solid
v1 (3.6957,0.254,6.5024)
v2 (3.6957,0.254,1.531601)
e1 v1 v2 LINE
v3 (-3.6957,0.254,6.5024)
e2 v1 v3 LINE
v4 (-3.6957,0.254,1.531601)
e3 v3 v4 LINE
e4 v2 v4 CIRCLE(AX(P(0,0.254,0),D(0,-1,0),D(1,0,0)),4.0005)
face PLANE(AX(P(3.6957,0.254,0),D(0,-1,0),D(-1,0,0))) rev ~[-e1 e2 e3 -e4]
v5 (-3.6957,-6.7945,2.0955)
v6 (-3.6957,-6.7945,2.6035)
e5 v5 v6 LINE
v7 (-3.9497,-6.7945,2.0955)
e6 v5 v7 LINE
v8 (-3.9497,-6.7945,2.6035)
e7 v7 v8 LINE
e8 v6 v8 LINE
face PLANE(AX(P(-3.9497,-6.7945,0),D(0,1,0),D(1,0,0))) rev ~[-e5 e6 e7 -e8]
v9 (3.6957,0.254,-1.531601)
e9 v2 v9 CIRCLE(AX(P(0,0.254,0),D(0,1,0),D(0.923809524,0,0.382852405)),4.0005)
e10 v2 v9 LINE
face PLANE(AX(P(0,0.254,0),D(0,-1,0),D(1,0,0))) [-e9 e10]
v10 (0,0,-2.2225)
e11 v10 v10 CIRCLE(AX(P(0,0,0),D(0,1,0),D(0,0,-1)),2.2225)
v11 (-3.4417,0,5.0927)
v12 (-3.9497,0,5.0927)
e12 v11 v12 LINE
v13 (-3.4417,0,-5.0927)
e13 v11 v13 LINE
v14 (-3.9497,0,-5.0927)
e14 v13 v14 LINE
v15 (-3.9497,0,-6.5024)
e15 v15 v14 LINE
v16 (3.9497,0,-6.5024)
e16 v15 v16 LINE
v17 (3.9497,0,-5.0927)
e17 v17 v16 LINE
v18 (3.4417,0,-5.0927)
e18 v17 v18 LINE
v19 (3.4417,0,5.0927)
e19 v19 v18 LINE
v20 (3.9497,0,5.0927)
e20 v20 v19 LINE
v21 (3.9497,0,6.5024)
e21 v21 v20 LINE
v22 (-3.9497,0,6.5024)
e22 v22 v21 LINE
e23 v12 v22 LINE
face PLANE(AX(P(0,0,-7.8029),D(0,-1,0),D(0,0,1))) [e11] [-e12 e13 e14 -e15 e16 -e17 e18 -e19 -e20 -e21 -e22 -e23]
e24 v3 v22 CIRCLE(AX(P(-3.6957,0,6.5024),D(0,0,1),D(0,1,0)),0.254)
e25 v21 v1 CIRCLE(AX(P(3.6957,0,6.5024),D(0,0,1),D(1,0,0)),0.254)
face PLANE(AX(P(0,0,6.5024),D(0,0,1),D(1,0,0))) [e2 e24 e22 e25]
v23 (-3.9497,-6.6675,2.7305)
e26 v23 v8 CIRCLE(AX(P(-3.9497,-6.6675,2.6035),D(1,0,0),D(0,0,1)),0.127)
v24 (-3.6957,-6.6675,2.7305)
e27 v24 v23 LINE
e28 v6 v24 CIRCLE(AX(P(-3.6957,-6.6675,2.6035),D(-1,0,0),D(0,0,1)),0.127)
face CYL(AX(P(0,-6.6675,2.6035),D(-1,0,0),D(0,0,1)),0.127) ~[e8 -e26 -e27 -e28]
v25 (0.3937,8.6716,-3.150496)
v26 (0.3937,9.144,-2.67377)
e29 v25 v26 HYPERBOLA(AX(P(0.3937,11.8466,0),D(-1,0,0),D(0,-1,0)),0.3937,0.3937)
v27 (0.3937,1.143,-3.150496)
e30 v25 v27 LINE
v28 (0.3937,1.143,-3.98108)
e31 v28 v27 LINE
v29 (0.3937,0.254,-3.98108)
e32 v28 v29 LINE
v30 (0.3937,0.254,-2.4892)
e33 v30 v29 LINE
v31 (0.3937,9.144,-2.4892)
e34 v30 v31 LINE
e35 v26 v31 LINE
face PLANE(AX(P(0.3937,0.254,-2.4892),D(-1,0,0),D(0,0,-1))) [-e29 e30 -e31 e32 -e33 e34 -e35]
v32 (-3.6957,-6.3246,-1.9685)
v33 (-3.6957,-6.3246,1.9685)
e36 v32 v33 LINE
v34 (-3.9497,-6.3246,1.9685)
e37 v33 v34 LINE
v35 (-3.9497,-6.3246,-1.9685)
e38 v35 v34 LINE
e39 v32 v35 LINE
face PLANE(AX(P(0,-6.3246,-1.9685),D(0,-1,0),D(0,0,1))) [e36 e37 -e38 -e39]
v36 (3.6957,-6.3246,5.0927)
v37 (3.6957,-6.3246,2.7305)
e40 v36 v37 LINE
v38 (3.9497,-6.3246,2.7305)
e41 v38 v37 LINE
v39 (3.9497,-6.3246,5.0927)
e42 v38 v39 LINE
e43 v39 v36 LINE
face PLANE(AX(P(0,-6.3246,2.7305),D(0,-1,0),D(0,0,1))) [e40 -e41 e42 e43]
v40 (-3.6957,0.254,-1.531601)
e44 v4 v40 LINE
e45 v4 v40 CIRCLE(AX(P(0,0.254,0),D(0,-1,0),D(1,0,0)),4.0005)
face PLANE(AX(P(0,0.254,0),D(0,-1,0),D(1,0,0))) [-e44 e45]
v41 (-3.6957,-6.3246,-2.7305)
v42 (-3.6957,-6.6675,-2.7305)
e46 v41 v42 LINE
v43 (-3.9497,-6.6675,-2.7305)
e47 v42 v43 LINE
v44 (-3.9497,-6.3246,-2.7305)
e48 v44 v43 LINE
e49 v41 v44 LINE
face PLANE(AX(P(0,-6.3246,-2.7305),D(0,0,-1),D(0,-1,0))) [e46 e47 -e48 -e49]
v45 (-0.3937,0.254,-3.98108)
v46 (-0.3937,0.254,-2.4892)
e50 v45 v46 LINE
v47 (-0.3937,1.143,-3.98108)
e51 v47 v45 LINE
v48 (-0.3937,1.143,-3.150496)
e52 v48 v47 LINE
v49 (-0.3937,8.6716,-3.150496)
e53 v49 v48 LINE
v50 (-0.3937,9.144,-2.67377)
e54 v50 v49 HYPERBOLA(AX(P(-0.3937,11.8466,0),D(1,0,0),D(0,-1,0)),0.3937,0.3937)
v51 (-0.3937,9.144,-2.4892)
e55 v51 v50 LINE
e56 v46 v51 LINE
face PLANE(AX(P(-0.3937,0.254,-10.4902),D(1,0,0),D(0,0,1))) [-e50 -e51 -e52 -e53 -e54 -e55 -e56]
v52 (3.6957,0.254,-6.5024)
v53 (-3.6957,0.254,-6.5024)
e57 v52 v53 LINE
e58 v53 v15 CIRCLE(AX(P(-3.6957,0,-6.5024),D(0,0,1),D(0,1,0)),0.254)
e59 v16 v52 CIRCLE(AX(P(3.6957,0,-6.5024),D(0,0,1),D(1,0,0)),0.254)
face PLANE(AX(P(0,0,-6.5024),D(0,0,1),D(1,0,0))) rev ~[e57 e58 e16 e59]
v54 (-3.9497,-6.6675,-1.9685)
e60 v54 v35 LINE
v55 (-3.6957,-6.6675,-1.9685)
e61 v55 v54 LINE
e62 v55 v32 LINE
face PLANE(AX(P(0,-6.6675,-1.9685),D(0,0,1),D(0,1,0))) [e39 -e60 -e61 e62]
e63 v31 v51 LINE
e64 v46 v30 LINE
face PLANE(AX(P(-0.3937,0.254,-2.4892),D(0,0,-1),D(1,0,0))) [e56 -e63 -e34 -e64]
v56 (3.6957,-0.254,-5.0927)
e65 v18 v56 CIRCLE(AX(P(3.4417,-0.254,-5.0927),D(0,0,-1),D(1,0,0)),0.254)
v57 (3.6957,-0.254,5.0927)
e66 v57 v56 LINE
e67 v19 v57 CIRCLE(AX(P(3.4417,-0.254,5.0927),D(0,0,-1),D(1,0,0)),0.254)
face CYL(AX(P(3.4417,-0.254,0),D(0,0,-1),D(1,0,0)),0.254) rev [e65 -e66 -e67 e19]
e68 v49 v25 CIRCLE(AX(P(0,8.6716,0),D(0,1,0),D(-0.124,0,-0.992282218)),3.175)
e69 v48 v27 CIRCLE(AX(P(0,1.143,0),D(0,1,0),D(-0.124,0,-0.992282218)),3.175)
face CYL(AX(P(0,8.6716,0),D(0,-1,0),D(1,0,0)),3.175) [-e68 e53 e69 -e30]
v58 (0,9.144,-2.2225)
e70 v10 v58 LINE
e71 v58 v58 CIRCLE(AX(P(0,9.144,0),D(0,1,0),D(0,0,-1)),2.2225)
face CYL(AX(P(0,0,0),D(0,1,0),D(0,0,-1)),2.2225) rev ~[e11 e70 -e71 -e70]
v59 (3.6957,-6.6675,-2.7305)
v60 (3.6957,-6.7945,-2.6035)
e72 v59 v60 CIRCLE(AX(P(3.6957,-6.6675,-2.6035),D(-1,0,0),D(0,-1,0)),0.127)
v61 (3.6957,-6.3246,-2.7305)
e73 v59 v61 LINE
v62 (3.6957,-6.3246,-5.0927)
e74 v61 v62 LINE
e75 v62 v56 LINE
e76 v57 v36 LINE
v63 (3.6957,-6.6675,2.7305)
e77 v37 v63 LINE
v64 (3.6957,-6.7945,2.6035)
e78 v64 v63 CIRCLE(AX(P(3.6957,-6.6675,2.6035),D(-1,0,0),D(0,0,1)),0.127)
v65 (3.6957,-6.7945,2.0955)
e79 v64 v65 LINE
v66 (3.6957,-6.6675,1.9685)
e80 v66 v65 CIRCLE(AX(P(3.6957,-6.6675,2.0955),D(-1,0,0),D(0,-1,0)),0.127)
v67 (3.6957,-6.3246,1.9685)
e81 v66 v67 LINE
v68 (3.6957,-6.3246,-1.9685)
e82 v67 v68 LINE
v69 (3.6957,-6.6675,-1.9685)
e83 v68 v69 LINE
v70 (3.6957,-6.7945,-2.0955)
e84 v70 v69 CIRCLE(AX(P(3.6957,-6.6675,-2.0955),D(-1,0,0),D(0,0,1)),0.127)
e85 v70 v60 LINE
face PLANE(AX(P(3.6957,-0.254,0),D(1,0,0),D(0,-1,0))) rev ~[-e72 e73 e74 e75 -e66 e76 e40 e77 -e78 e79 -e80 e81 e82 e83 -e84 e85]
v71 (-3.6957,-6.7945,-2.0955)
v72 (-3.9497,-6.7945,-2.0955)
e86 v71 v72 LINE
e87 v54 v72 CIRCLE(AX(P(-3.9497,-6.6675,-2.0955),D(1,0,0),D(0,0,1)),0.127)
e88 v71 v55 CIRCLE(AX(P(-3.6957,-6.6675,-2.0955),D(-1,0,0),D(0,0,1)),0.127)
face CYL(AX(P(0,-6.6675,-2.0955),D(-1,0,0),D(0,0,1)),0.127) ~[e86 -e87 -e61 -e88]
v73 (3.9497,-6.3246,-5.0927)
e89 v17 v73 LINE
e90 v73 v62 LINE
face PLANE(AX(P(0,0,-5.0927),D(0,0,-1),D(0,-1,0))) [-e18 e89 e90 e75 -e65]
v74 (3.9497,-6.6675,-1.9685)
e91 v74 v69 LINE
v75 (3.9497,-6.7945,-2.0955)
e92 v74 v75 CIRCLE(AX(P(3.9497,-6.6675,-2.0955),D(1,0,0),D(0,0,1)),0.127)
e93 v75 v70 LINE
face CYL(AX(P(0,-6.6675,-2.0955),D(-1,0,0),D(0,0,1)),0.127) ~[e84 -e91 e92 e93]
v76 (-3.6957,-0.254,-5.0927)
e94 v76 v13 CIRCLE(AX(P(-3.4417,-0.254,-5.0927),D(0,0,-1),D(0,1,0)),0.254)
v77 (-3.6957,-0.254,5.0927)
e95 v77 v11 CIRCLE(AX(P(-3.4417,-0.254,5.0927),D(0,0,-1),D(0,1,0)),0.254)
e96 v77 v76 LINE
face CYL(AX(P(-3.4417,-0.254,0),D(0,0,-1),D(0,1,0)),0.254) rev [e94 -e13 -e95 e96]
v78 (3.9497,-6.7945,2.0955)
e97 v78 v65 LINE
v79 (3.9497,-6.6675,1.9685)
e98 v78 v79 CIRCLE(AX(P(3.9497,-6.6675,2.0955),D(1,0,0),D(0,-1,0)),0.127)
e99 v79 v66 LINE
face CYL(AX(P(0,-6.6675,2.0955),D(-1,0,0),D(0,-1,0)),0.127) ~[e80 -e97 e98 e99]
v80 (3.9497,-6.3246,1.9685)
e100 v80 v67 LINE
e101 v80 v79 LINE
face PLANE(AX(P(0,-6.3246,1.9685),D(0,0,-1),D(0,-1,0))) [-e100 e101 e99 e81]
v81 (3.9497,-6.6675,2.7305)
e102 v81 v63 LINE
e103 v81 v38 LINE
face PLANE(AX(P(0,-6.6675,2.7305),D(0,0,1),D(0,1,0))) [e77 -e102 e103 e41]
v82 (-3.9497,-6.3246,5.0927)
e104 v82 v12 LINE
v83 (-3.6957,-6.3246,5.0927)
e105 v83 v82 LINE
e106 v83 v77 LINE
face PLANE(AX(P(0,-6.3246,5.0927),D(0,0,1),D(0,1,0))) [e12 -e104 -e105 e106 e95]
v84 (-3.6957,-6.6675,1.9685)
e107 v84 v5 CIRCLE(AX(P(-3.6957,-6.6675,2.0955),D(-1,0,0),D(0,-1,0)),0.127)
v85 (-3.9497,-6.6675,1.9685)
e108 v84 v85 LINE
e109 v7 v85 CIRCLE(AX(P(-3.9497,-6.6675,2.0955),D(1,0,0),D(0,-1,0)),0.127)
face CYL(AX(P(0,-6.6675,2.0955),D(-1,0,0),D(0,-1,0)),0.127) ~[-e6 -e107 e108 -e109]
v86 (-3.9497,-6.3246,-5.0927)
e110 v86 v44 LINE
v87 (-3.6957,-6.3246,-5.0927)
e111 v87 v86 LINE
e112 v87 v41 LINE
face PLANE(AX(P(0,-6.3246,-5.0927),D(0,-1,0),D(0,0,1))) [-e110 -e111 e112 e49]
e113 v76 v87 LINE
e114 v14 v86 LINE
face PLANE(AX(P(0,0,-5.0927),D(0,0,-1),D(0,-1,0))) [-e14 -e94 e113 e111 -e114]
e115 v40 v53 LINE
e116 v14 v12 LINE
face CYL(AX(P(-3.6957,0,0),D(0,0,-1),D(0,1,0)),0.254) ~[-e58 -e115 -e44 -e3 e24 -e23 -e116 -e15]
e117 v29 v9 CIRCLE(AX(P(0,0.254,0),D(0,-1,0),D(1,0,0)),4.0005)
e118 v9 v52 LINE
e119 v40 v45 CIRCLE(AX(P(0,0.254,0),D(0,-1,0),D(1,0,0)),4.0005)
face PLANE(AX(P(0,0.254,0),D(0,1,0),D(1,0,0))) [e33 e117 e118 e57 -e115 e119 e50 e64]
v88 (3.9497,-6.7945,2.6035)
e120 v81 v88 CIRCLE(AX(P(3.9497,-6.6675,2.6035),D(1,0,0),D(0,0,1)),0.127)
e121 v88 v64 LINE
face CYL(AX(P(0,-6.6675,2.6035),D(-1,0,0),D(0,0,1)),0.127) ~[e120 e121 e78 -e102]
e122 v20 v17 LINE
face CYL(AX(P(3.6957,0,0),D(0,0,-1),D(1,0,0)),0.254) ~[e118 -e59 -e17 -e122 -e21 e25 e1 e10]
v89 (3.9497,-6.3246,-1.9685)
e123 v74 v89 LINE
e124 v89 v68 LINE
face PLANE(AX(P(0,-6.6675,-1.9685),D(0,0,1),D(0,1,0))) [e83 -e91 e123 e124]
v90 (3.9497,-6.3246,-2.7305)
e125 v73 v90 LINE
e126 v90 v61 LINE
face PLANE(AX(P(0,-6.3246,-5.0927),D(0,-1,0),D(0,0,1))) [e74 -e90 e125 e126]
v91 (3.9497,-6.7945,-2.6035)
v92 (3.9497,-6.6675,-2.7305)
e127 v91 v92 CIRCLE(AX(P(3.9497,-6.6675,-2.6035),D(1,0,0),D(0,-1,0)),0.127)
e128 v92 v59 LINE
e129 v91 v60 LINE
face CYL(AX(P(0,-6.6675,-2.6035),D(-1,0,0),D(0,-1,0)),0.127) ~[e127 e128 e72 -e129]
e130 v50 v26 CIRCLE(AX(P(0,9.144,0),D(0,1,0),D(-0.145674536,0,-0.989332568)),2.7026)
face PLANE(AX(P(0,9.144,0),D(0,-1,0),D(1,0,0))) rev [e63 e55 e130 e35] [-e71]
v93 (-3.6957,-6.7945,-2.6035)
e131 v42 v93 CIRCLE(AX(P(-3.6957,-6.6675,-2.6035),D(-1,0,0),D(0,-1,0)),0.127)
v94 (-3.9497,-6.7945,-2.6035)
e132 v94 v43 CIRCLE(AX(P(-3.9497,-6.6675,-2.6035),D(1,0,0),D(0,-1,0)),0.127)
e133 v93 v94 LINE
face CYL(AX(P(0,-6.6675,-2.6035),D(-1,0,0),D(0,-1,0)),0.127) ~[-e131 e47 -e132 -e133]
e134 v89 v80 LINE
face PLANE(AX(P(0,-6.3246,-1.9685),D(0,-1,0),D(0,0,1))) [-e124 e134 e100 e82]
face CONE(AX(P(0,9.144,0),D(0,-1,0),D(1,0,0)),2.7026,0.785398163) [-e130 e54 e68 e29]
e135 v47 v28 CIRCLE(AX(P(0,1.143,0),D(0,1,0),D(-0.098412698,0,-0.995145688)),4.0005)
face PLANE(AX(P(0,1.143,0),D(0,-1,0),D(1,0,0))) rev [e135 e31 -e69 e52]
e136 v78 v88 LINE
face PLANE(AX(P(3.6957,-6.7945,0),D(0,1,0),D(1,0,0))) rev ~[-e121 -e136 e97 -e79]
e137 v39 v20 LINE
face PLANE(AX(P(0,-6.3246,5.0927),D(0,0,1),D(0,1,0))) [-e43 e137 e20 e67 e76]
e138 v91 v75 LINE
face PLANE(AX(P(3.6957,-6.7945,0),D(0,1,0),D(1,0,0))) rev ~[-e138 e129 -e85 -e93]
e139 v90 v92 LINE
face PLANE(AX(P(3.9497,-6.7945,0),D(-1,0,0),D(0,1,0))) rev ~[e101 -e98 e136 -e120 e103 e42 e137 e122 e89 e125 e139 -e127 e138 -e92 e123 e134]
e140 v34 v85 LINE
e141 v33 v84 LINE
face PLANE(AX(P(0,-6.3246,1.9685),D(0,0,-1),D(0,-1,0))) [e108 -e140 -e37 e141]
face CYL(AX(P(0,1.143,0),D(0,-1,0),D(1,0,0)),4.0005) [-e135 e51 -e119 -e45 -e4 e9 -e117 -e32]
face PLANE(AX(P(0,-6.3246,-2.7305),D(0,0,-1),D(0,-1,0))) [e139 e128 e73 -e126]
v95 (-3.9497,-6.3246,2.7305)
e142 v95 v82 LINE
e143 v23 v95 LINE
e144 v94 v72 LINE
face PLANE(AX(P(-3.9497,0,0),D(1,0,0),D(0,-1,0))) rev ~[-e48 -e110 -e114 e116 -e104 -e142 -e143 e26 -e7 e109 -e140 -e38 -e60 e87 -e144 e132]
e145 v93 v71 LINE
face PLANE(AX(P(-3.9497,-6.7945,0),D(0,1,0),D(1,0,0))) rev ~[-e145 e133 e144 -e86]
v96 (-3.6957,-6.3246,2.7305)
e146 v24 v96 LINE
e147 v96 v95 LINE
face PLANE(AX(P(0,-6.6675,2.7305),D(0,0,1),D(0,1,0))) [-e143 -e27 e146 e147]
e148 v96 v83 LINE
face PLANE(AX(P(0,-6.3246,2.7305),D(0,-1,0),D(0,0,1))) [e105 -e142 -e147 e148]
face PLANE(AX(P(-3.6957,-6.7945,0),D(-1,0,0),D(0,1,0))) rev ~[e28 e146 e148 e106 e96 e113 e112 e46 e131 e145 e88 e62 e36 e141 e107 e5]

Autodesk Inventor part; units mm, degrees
sketch "Sketch_1" plane through (0, 0, 0) normal (0, 0, 1) x (1, 0, 0)
  line L0 (-3.9497, 0) -> (-3.9497, -6.7945)
  line L1 (-3.9497, -6.7945) -> (-3.6957, -6.7945)
  line L2 (-3.6957, -6.7945) -> (-3.6957, -0.254)
  arc A0 (-3.4417, 0) -> (-3.6957, -0.254) centre (-3.4417, -0.254) ccw
  line L3 (-3.4417, 0) -> (3.4417, 0)
  arc A1 (3.6957, -0.254) -> (3.4417, 0) centre (3.4417, -0.254) ccw
  line L4 (3.6957, -0.254) -> (3.6957, -6.7945)
  line L5 (3.6957, -6.7945) -> (3.9497, -6.7945)
  line L6 (3.9497, -6.7945) -> (3.9497, 0)
  arc A2 (3.9497, 0) -> (3.6957, 0.254) centre (3.6957, 0) ccw
  line L7 (3.6957, 0.254) -> (-3.6957, 0.254)
  arc A3 (-3.6957, 0.254) -> (-3.9497, 0) centre (-3.6957, 0) ccw
extrude "Extrusion1" add sketch "Sketch_1" along normal mid plane 13.0048
sketch "Sketch_2" plane through (0, 0, 0) normal (1, 0, 0) x (0, 1, 0)
  line L0 (0, 7.8029) -> (-9.398, 7.8029)
  line L1 (-9.398, 7.8029) -> (-9.398, -7.8029)
  line L2 (-9.398, -7.8029) -> (0, -7.8029)
  line L3 (0, -7.8029) -> (0, -5.0927)
  line L4 (0, -5.0927) -> (-6.3246, -5.0927)
  line L5 (-6.3246, -5.0927) -> (-6.3246, -2.7305)
  line L6 (-6.3246, -2.7305) -> (-6.6675, -2.7305)
  arc A0 (-6.7945, -2.6035) -> (-6.6675, -2.7305) centre (-6.6675, -2.6035) ccw
  line L7 (-6.7945, -2.6035) -> (-6.7945, -2.0955)
  arc A1 (-6.6675, -1.9685) -> (-6.7945, -2.0955) centre (-6.6675, -2.0955) ccw
  line L8 (-6.6675, -1.9685) -> (-6.3246, -1.9685)
  line L9 (-6.3246, -1.9685) -> (-6.3246, 1.9685)
  line L10 (-6.3246, 1.9685) -> (-6.6675, 1.9685)
  arc A2 (-6.7945, 2.0955) -> (-6.6675, 1.9685) centre (-6.6675, 2.0955) ccw
  line L11 (-6.7945, 2.0955) -> (-6.7945, 2.6035)
  arc A3 (-6.6675, 2.7305) -> (-6.7945, 2.6035) centre (-6.6675, 2.6035) ccw
  line L12 (-6.6675, 2.7305) -> (-6.3246, 2.7305)
  line L13 (-6.3246, 2.7305) -> (-6.3246, 5.0927)
  line L14 (-6.3246, 5.0927) -> (0, 5.0927)
  line L15 (0, 5.0927) -> (0, 7.8029)
extrude "Extrusion2" cut sketch "Sketch_2" along normal mid plane 7.8994
sketch "Sketch_15" plane through (0, 0, 0) normal (0, 0, 1) x (1, 0, 0)
  line L0 (0, 0.127) -> (0, 9.144)
  line L1 (0, 9.144) -> (2.7026, 9.144)
  line L2 (2.7026, 9.144) -> (3.175, 8.6716)
  line L3 (3.175, 8.6716) -> (3.175, 1.143)
  line L4 (3.175, 1.143) -> (4.0005, 1.143)
  line L5 (4.0005, 1.143) -> (4.0005, 0.254)
  line L6 (4.0005, 0.254) -> (2.2225, 0.254)
  line L7 (2.2225, 0.254) -> (2.2225, 0.127)
  line L8 (2.2225, 0.127) -> (0, 0.127)
  line L9 (0, 0.127) -> (0, 9.144)
revolve "Revolution1" add sketch "Sketch_15" angle 360 about axis through (0, 0.127, 0) along (0, -1, 0)
thread "Thread1" size "1/4-32 UNEF" class "2A" standard "ANSI Unified Screw Threads" length 7.239 offset 0.762
sketch "Sketch_8" plane through (0, 0.254, 0) normal (0, 1, 0) x (1, 0, 0)
  line L0 (-0.3937, 2.4892) -> (0.3937, 2.4892)
  line L1 (0.3937, 2.4892) -> (0.3937, 10.4902)
  line L2 (0.3937, 10.4902) -> (-0.3937, 10.4902)
  line L3 (-0.3937, 10.4902) -> (-0.3937, 2.4892)
extrude "Extrusion3" cut sketch "Sketch_8" along normal blind 9.779
sketch "Sketch5" plane through (-3.9497, 0, -6.5024) normal (0, -1, 0) x (1, 0, 0)
  point P0 (3.9497, 6.5024)
hole "Drilling 1" at (0, 0, 0) direction (0, 1, 0) diameter 4.445 depth 9.144
ref_plane "1_XY" through (0, 7.112, 0) normal (0, 1, 0) x (1, 0, 0)
ref_plane "1_YZ" through (0, 7.112, 0) normal (1, 0, 0) x (0, 0, -1)
ref_plane "1_ZX" through (0, 7.112, 0) normal (0, 0, -1) x (0, 1, 0)
ref_plane "2_XY" through (0, 5.334, 0) normal (0, 1, 0) x (1, 0, 0)
ref_plane "2_YZ" through (0, 5.334, 0) normal (1, 0, 0) x (0, 0, -1)
ref_plane "2_ZX" through (0, 5.334, 0) normal (0, 0, -1) x (0, 1, 0)
ref_plane "3_XY" through (0, 3.556, 0) normal (0, 1, 0) x (1, 0, 0)
ref_plane "3_YZ" through (0, 3.556, 0) normal (1, 0, 0) x (0, 0, -1)
ref_plane "3_ZX" through (0, 3.556, 0) normal (0, 0, -1) x (0, 1, 0)
ref_plane "4_XY" through (0, 2.2225, 0) normal (0, 1, 0) x (1, 0, 0)
ref_plane "4_YZ" through (0, 2.2225, 0) normal (1, 0, 0) x (0, 0, -1)
ref_plane "4_ZX" through (0, 2.2225, 0) normal (0, 0, -1) x (0, 1, 0)
ref_plane "to_base_XY" through (0, 0, 0) normal (0, 1, 0) x (1, 0, 0)
ref_plane "to_base_YZ" through (0, 0, 0) normal (1, 0, 0) x (0, 0, -1)
ref_plane "to_base_ZX" through (0, 0, 0) normal (0, 0, -1) x (0, 1, 0)
properties part number "M201S1M201-bushing"
